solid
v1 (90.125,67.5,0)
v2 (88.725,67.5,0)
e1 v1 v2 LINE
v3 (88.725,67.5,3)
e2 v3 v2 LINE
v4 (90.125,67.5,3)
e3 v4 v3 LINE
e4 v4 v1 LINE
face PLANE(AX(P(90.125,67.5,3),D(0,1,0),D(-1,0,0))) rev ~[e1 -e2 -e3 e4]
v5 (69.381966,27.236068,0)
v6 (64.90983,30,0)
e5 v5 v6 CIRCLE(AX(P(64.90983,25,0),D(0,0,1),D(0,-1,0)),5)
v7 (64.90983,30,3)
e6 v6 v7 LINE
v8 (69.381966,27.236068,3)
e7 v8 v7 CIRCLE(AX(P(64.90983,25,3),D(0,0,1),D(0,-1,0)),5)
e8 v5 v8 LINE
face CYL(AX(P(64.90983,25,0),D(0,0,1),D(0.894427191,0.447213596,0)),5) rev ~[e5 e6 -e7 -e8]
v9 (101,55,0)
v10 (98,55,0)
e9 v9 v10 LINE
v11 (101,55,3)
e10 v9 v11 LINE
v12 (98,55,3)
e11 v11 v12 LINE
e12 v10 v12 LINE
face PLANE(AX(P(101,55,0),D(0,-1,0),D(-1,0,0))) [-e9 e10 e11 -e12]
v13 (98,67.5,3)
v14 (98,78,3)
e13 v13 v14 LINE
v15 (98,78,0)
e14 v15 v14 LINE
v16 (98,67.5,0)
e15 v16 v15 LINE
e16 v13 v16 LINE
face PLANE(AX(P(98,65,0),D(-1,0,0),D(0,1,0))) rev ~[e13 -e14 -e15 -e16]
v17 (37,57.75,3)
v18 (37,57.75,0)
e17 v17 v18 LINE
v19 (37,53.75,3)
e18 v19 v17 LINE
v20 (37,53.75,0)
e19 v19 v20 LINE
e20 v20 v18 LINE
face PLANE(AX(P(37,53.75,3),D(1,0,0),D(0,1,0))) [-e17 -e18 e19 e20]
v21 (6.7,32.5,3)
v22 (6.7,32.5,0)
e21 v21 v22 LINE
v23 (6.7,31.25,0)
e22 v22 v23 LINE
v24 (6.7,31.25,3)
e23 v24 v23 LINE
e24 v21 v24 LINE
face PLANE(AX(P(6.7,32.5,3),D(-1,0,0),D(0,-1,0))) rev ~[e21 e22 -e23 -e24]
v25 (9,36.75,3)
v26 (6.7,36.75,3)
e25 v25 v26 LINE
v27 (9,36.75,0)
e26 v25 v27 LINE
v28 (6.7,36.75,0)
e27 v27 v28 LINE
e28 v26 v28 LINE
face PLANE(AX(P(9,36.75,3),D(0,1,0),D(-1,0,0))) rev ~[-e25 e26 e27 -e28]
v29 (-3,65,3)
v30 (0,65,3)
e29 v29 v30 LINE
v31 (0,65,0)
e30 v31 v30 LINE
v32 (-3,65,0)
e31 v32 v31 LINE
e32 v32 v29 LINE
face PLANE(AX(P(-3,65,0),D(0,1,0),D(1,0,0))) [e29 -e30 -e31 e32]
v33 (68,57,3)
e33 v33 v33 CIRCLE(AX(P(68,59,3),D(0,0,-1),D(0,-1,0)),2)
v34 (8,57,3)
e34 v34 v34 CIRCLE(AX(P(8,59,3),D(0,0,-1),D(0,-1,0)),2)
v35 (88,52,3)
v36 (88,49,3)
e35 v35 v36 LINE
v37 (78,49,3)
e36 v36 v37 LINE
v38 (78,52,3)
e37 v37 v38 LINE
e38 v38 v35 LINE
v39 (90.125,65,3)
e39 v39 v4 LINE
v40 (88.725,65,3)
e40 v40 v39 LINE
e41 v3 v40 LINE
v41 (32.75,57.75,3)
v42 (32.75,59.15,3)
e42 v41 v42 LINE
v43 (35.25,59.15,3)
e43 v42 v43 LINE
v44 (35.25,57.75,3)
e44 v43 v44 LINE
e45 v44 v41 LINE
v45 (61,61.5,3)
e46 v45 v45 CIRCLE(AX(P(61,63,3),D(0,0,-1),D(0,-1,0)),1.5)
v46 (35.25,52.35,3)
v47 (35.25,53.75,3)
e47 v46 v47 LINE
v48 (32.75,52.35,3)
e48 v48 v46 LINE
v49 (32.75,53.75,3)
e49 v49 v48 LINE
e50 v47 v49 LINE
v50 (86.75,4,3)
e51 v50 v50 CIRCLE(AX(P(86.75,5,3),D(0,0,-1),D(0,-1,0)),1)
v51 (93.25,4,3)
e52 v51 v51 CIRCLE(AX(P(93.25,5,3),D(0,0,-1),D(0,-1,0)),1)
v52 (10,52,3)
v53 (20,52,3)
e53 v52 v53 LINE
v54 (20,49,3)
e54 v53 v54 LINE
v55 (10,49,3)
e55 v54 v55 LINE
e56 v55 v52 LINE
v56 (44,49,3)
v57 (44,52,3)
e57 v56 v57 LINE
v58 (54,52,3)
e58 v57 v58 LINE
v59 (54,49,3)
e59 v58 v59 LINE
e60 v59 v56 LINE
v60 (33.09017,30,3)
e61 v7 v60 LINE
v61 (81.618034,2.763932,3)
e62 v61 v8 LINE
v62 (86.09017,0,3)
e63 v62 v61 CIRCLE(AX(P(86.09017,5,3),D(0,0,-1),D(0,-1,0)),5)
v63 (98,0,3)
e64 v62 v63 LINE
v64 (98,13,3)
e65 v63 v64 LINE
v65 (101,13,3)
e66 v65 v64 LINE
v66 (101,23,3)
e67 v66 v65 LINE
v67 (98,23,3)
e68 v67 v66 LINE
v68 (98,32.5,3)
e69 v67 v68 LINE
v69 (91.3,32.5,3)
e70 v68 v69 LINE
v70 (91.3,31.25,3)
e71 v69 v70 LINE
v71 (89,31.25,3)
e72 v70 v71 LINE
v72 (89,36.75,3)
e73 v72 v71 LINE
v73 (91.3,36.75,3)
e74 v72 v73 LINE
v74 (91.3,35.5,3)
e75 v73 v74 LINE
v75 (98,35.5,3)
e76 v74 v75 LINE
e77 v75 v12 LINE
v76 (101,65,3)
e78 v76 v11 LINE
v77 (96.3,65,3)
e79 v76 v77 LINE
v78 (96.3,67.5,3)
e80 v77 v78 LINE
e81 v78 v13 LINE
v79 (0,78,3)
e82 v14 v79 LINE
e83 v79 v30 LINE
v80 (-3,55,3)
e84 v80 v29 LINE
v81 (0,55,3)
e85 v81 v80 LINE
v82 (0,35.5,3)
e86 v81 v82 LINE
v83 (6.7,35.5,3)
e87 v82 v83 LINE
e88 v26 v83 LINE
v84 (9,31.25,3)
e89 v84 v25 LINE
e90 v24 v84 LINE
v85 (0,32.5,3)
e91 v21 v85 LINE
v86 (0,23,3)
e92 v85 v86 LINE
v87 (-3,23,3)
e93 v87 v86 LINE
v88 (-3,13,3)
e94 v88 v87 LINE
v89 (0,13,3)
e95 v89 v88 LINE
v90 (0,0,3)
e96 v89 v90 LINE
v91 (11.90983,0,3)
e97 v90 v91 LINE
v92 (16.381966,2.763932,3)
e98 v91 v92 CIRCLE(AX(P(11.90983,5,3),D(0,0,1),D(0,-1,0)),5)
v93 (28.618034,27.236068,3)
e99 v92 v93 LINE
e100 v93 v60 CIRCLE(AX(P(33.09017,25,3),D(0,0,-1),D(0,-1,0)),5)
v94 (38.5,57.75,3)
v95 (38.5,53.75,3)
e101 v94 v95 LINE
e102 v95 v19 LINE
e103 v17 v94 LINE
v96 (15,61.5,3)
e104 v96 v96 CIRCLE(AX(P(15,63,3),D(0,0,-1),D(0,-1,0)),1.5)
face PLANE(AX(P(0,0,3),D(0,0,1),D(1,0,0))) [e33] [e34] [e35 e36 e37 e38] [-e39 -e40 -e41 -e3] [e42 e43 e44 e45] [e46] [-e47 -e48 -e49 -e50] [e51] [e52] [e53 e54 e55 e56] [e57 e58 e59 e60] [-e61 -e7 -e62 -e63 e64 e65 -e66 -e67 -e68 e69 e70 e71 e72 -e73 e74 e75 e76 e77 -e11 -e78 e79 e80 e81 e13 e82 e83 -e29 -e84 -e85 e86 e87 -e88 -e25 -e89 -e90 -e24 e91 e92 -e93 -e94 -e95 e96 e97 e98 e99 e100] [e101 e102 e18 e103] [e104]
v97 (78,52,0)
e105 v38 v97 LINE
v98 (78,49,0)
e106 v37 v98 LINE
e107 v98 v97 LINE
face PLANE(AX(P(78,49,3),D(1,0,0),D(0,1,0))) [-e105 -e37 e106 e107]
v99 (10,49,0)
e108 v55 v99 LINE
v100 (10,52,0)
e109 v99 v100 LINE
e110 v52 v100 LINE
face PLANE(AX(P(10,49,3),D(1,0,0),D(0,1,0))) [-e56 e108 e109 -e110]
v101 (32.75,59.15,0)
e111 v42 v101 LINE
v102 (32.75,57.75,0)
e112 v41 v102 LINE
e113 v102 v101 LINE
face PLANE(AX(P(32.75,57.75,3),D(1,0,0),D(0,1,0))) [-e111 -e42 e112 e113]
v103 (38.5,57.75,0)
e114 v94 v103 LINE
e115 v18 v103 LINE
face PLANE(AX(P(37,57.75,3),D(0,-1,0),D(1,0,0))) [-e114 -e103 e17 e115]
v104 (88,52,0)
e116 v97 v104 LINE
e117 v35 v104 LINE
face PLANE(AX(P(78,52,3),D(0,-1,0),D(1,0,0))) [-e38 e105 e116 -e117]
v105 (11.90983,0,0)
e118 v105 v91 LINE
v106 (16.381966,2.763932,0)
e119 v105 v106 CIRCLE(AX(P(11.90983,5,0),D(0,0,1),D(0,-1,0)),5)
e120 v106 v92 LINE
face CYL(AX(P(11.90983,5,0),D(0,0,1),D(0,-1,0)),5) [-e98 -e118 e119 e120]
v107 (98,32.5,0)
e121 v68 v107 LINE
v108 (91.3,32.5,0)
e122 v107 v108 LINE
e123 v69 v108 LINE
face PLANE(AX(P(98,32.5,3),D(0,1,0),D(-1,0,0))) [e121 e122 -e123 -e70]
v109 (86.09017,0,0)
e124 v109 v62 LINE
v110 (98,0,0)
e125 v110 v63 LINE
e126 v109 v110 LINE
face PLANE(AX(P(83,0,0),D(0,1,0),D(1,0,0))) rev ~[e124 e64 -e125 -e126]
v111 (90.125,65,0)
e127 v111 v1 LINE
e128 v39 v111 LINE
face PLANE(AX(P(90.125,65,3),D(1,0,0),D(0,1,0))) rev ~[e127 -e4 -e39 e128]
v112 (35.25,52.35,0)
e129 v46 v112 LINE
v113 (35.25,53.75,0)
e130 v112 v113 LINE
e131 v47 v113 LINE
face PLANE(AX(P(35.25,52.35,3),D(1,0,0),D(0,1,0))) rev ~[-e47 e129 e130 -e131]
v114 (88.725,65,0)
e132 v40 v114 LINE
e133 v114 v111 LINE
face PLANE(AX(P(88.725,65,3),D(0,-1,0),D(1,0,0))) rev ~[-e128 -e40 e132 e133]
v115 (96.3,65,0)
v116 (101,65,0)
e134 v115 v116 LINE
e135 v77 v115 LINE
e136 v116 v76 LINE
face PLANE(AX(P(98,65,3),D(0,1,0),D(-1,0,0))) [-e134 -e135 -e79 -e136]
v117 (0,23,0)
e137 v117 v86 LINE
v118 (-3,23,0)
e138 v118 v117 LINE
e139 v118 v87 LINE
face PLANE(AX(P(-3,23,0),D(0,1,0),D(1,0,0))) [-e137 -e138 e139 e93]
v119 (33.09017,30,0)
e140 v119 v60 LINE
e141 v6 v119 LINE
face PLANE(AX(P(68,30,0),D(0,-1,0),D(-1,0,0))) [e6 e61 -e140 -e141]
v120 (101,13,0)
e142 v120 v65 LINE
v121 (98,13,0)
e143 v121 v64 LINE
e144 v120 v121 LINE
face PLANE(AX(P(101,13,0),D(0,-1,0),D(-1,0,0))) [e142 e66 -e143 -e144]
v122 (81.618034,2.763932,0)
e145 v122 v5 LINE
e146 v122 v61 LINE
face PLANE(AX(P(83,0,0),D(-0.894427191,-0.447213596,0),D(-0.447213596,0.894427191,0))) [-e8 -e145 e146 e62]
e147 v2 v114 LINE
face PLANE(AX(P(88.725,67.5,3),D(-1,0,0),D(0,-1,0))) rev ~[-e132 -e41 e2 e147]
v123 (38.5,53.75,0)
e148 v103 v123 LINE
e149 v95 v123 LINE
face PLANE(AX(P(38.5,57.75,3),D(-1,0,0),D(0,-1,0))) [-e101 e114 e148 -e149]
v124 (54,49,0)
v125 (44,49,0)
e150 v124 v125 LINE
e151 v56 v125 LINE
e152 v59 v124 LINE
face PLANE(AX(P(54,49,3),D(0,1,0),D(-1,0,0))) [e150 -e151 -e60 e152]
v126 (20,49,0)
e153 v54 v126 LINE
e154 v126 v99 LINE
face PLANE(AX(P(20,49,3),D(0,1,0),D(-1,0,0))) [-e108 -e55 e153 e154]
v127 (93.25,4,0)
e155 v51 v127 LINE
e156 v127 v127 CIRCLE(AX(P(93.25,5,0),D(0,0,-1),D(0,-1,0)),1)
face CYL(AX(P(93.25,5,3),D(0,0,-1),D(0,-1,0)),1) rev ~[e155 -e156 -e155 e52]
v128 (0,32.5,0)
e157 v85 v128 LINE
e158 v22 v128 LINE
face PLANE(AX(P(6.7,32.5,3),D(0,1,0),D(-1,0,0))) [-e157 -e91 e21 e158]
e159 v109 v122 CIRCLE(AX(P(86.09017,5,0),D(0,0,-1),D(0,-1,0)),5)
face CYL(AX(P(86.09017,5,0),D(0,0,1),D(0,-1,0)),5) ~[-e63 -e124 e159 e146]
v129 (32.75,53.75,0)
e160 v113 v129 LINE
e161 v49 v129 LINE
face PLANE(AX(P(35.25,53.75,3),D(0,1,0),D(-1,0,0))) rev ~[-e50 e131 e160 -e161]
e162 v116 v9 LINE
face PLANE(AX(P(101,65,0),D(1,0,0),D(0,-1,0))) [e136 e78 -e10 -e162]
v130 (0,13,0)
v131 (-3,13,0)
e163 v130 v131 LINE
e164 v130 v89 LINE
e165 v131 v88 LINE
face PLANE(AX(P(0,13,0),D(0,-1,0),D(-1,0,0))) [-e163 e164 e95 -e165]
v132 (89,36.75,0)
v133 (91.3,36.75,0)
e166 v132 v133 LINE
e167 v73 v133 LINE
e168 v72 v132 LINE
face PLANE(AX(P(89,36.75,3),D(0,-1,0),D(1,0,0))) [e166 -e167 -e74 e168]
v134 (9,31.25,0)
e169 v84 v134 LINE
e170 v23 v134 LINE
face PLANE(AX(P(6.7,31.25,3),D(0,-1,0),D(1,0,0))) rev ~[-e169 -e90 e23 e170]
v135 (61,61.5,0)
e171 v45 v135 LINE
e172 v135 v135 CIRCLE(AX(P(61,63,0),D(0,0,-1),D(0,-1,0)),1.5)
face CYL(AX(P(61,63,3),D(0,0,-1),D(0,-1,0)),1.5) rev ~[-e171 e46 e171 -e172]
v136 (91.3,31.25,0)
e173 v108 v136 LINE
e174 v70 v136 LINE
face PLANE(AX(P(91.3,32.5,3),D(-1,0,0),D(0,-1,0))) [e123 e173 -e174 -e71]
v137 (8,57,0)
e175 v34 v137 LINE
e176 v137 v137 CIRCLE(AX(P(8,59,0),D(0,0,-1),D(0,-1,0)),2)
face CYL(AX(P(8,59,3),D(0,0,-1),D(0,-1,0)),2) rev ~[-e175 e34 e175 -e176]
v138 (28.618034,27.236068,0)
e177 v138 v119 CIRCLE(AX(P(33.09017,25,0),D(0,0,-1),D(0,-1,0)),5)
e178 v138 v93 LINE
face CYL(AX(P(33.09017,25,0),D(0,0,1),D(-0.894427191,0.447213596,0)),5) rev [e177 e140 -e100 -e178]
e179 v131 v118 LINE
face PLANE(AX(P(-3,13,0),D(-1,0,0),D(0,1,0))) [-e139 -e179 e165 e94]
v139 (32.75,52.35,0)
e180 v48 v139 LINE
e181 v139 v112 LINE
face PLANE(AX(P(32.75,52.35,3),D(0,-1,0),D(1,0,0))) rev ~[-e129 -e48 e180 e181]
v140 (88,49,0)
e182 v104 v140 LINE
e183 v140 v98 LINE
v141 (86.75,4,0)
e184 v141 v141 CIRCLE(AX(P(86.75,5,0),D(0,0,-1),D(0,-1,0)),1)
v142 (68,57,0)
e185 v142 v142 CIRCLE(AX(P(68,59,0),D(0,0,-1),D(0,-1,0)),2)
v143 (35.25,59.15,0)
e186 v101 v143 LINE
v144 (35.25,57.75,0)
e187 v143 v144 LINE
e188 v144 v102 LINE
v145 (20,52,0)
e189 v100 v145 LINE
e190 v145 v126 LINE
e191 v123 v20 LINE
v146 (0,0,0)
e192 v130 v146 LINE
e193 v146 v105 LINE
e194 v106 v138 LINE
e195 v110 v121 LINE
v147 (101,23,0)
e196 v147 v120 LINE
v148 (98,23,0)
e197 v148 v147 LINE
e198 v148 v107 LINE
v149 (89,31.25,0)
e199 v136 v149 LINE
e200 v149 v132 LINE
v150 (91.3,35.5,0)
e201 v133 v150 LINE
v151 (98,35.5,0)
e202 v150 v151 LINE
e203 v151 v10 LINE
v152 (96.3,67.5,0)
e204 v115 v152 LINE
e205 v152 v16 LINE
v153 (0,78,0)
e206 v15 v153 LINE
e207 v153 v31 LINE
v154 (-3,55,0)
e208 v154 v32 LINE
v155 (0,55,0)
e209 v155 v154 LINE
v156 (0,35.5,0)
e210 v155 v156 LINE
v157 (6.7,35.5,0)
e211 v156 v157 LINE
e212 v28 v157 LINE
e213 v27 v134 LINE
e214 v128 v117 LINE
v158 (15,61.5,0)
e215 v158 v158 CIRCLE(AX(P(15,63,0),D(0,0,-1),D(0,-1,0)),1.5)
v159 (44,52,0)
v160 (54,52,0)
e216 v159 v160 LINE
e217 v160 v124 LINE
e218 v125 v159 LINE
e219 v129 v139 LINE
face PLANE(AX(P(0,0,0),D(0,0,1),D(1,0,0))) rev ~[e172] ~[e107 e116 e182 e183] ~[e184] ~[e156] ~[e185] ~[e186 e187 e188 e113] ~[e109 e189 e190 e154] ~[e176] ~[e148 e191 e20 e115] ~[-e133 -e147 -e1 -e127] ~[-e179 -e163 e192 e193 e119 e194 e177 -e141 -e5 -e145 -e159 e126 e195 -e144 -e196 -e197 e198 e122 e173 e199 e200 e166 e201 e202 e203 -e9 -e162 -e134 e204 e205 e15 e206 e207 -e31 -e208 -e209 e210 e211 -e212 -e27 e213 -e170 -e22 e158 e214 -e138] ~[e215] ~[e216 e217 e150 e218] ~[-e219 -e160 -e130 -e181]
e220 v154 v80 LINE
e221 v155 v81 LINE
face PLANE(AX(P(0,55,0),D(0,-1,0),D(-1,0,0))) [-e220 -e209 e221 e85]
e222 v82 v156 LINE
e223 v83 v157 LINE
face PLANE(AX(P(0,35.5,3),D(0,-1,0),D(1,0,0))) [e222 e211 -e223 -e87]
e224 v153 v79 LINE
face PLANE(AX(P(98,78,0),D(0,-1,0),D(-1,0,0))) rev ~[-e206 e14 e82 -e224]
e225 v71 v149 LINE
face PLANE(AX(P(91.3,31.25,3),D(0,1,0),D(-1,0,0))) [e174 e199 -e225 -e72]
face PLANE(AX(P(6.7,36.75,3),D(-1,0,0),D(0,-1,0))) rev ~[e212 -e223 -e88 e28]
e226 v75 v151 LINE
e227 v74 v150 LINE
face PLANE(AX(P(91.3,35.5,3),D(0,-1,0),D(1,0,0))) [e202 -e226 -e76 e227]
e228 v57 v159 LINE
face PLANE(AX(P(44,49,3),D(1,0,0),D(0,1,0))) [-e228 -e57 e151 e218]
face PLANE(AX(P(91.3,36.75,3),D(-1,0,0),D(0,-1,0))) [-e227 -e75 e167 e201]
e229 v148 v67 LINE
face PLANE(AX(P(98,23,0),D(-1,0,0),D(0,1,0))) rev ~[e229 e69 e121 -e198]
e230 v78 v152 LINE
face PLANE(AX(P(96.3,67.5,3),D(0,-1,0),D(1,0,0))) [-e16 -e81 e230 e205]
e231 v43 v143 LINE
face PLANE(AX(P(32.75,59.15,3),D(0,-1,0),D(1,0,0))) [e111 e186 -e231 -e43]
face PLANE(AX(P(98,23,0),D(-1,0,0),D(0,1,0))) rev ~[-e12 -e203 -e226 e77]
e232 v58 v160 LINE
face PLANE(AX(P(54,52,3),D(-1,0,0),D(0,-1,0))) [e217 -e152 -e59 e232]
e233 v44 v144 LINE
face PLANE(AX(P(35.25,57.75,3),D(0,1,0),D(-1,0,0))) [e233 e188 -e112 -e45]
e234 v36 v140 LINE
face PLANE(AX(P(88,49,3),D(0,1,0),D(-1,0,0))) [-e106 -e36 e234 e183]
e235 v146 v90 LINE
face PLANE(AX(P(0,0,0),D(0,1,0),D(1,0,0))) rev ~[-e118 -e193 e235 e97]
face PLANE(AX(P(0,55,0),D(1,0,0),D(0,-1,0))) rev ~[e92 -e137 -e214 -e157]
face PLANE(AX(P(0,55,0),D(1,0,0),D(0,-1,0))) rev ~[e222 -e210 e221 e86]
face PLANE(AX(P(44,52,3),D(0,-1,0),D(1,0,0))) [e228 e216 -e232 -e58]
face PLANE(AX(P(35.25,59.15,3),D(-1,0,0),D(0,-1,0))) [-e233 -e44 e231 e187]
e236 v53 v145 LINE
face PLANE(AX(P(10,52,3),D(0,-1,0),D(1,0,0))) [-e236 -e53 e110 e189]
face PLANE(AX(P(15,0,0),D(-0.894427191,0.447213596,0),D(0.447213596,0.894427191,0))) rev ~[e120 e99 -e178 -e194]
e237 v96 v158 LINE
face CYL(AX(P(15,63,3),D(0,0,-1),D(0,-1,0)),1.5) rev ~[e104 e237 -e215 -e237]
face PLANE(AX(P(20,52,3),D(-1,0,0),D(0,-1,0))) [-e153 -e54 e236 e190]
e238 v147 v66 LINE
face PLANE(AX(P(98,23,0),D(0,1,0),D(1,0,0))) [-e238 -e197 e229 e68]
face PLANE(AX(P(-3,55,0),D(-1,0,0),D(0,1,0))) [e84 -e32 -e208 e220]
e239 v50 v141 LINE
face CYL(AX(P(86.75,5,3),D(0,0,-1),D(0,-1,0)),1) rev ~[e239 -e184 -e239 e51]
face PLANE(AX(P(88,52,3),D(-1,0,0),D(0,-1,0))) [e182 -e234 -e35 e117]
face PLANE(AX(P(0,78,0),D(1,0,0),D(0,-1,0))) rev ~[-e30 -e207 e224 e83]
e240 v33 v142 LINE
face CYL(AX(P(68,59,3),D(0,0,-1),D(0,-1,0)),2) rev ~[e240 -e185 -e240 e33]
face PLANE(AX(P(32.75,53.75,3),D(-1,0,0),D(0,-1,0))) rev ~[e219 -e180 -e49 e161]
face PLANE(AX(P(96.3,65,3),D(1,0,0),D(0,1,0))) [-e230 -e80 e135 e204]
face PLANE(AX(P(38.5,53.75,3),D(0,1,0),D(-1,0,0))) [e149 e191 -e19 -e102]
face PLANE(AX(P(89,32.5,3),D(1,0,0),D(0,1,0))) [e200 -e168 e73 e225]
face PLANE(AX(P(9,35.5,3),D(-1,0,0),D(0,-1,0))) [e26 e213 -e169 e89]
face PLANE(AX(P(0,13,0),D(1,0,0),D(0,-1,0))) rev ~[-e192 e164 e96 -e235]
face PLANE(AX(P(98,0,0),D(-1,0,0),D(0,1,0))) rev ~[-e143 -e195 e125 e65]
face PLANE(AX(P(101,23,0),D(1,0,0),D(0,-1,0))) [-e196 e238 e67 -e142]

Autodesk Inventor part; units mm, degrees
ref_plane "YZ Plane" through (0, 0, 0) normal (1, 0, 0) x (0, 1, 0)
ref_plane "XZ Plane" through (0, 0, 0) normal (0, 1, 0) x (-1, 0, 0)
ref_plane "XY Plane" through (0, 0, 0) normal (0, 0, 1) x (1, 0, 0)
sketch "Sketch1" plane through (0, 0, 0) normal (0, 0, 1) x (1, 0, 0)
  line L0 (0, 0) -> (98, 0)
  line L1 (98, 0) -> (98, 78)
  line L2 (98, 78) -> (0, 78)
  line L3 (0, 78) -> (0, 0)
  line L4 (-3, 65) -> (101, 65)
  line L5 (101, 65) -> (101, 55)
  line L6 (101, 55) -> (-3, 55)
  line L7 (-3, 55) -> (-3, 65)
  line L8 (101, 23) -> (101, 13)
  line L9 (-3, 13) -> (-3, 23)
  line L10 (68, 30) -> (30, 30)
  line L11 (15, 0) -> (30, 30)
  line L12 (83, 0) -> (68, 30)
  line L13 (15, 0) -> (83, 0)
  line L14 (-3, 23) -> (0, 23)
  line L15 (98, 23) -> (101, 23)
  line L16 (101, 13) -> (98, 13)
  line L17 (0, 13) -> (-3, 13)
  dimension "d0" = 98
  dimension "d1" = 78
  dimension "d171" = 104
  dimension "d172" = 3
  dimension "d173" = 10
  dimension "d174" = 13
  dimension "d175" = 10
  dimension "d177" = 3
  dimension "d181" = 30
  dimension "d182" = 30
  dimension "d183" = 30
  dimension "d184" = 15
  dimension "d185" = 15
  dimension "d186" = 10
  dimension "d187" = 13
  dimension "d188" = 13
extrude "Extrusion1" add sketch "Sketch1" along normal blind 3 contours L3 L6 L1 L0 L12 L10 L11 | L17 L9 L14 L3 | L6 L7 L4 L3 | L3 L4 L1 L6 | L1 L15 L8 L16 | L3 L2 L1 L4 | L1 L4 L5 L6
fillet "圓角4" radius 5 4 edges at (15, 0, 1.5) (30, 30, 1.5) (68, 30, 1.5) (83, 0, 1.5)
sketch "草圖13" plane through (0, 0, 3) normal (0, 0, 1) x (1, 0, 0)
  line L0 (98, 55) -> (98, 23) projected
  line L1 (0, 78) -> (98, 78) projected
  line L2 (0, 65) -> (0, 78) projected
  line L3 (0, 23) -> (0, 55) projected
  line L4 (10, 52) -> (20, 52)
  line L5 (20, 52) -> (20, 49)
  line L6 (20, 49) -> (10, 49)
  line L7 (10, 49) -> (10, 52)
  line L8 (44, 52) -> (54, 52)
  line L9 (54, 52) -> (54, 49)
  line L10 (54, 49) -> (44, 49)
  line L11 (44, 49) -> (44, 52)
  line L12 (78, 52) -> (88, 52)
  line L13 (88, 52) -> (88, 49)
  line L14 (88, 49) -> (78, 49)
  line L15 (78, 49) -> (78, 52)
  dimension "d190" = 10
  dimension "d191" = 10
  dimension "d192" = 3
  dimension "d193" = 26
  dimension "d194" = 10
  dimension "d195" = 10
  dimension "d196" = 10
  dimension "d198" = 44
extrude "擠出6" cut sketch "草圖13" against normal through all
sketch "草圖14" plane through (0, 0, 3) normal (0, 0, 1) x (1, 0, 0)
  line L0 (0, 78) -> (98, 78) projected
  line L1 (0, 65) -> (0, 78) projected
  point P0 (8, 59)
  point P1 (68, 59)
  dimension "d201" = 8
  dimension "d202" = 19
  dimension "d203" = 60
hole "孔5" at (8, 59, 3) at (68, 59, 3) direction (0, 0, -1) diameter 4 end through all
sketch "草圖15" plane through (0, 0, 3) normal (0, 0, 1) x (1, 0, 0)
  line L0 (0, 78) -> (98, 78) projected
  line L1 (0, 65) -> (0, 78) projected
  point P0 (15, 63)
  point P1 (61, 63)
  dimension "d211" = 15
  dimension "d212" = 15
  dimension "d213" = 46
hole "孔6" at (15, 63, 3) at (61, 63, 3) direction (0, 0, -1) diameter 3 end through all
sketch "草圖16" plane through (0, 0, 3) normal (0, 0, 1) x (1, 0, 0)
  line L0 (98, 0) -> (86.0902, 0) projected
  line L1 (98, 13) -> (98, 0) projected
  point P0 (93.25, 5)
  point P1 (86.75, 5)
  dimension "d221" = 5
  dimension "d222" = 4.75
  dimension "d223" = 6.5
hole "孔7" at (93.25, 5, 3) at (86.75, 5, 3) direction (0, 0, -1) diameter 2 end through all
sketch "草圖17" plane through (0, 0, 3) normal (0, 0, 1) x (1, 0, 0)
  line L0 (98, 55) -> (98, 23) projected
  line L1 (0, 23) -> (0, 55) projected
  line L2 (11.9098, 0) -> (0, 0) projected
  line L3 (0, 35.5) -> (9, 35.5)
  line L4 (9, 35.5) -> (9, 32.5)
  line L5 (9, 32.5) -> (0, 32.5)
  line L6 (0, 32.5) -> (0, 35.5)
  line L7 (9, 36.75) -> (6.7, 36.75)
  line L8 (6.7, 36.75) -> (6.7, 31.25)
  line L9 (6.7, 31.25) -> (9, 31.25)
  line L10 (9, 31.25) -> (9, 36.75)
  line L11 (89, 35.5) -> (98, 35.5)
  line L12 (98, 35.5) -> (98, 32.5)
  line L13 (98, 32.5) -> (89, 32.5)
  line L14 (89, 32.5) -> (89, 35.5)
  line L15 (89, 36.75) -> (91.3, 36.75)
  line L16 (91.3, 36.75) -> (91.3, 31.25)
  line L17 (91.3, 31.25) -> (89, 31.25)
  line L18 (89, 31.25) -> (89, 36.75)
  dimension "d231" = 9
  dimension "d233" = 3
  dimension "d234" = 32.5
  dimension "d235" = 2.3
  dimension "d236" = 5.5
  dimension "d237" = 1.25
  dimension "d239" = 9
  dimension "d240" = 2.3
extrude "擠出7" cut sketch "草圖17" against normal through all
sketch "草圖18" plane through (0, 0, 3) normal (0, 0, 1) x (1, 0, 0)
  line L0 (0, 35.5) -> (0, 55) projected
  line L1 (10, 52) -> (20, 52) projected
  line L2 (37, 57.75) -> (38.5, 57.75)
  line L3 (38.5, 57.75) -> (38.5, 53.75)
  line L4 (38.5, 53.75) -> (37, 53.75)
  line L5 (37, 53.75) -> (37, 57.75)
  line L6 (35.25, 57.75) -> (32.75, 57.75)
  line L7 (32.75, 57.75) -> (32.75, 59.15)
  line L8 (32.75, 59.15) -> (35.25, 59.15)
  line L9 (35.25, 59.15) -> (35.25, 57.75)
  line L10 (35.25, 53.75) -> (32.75, 53.75)
  line L11 (32.75, 53.75) -> (32.75, 52.35)
  line L12 (32.75, 52.35) -> (35.25, 52.35)
  line L13 (35.25, 52.35) -> (35.25, 53.75)
  line L14 (98, 65) -> (96.3, 65)
  line L15 (96.3, 65) -> (96.3, 67.5)
  line L16 (96.3, 67.5) -> (98, 67.5)
  line L17 (98, 67.5) -> (98, 65)
  line L18 (90.125, 67.5) -> (88.725, 67.5)
  line L19 (88.725, 67.5) -> (88.725, 65)
  line L20 (88.725, 65) -> (90.125, 65)
  line L21 (90.125, 65) -> (90.125, 67.5)
  dimension "d243" = 37
  dimension "d244" = 1.75
  dimension "d245" = 4
  dimension "d246" = 1.5
  dimension "d247" = 2.5
  dimension "d248" = 1.4
  dimension "d249" = 1.75
  dimension "d250" = 1.4
  dimension "d254" = 1.7
  dimension "d255" = 2.5
  dimension "d256" = 1.4
  dimension "d257" = 6.175
extrude "擠出8" cut sketch "草圖18" against normal through all
properties part number "plastic_part_1"
